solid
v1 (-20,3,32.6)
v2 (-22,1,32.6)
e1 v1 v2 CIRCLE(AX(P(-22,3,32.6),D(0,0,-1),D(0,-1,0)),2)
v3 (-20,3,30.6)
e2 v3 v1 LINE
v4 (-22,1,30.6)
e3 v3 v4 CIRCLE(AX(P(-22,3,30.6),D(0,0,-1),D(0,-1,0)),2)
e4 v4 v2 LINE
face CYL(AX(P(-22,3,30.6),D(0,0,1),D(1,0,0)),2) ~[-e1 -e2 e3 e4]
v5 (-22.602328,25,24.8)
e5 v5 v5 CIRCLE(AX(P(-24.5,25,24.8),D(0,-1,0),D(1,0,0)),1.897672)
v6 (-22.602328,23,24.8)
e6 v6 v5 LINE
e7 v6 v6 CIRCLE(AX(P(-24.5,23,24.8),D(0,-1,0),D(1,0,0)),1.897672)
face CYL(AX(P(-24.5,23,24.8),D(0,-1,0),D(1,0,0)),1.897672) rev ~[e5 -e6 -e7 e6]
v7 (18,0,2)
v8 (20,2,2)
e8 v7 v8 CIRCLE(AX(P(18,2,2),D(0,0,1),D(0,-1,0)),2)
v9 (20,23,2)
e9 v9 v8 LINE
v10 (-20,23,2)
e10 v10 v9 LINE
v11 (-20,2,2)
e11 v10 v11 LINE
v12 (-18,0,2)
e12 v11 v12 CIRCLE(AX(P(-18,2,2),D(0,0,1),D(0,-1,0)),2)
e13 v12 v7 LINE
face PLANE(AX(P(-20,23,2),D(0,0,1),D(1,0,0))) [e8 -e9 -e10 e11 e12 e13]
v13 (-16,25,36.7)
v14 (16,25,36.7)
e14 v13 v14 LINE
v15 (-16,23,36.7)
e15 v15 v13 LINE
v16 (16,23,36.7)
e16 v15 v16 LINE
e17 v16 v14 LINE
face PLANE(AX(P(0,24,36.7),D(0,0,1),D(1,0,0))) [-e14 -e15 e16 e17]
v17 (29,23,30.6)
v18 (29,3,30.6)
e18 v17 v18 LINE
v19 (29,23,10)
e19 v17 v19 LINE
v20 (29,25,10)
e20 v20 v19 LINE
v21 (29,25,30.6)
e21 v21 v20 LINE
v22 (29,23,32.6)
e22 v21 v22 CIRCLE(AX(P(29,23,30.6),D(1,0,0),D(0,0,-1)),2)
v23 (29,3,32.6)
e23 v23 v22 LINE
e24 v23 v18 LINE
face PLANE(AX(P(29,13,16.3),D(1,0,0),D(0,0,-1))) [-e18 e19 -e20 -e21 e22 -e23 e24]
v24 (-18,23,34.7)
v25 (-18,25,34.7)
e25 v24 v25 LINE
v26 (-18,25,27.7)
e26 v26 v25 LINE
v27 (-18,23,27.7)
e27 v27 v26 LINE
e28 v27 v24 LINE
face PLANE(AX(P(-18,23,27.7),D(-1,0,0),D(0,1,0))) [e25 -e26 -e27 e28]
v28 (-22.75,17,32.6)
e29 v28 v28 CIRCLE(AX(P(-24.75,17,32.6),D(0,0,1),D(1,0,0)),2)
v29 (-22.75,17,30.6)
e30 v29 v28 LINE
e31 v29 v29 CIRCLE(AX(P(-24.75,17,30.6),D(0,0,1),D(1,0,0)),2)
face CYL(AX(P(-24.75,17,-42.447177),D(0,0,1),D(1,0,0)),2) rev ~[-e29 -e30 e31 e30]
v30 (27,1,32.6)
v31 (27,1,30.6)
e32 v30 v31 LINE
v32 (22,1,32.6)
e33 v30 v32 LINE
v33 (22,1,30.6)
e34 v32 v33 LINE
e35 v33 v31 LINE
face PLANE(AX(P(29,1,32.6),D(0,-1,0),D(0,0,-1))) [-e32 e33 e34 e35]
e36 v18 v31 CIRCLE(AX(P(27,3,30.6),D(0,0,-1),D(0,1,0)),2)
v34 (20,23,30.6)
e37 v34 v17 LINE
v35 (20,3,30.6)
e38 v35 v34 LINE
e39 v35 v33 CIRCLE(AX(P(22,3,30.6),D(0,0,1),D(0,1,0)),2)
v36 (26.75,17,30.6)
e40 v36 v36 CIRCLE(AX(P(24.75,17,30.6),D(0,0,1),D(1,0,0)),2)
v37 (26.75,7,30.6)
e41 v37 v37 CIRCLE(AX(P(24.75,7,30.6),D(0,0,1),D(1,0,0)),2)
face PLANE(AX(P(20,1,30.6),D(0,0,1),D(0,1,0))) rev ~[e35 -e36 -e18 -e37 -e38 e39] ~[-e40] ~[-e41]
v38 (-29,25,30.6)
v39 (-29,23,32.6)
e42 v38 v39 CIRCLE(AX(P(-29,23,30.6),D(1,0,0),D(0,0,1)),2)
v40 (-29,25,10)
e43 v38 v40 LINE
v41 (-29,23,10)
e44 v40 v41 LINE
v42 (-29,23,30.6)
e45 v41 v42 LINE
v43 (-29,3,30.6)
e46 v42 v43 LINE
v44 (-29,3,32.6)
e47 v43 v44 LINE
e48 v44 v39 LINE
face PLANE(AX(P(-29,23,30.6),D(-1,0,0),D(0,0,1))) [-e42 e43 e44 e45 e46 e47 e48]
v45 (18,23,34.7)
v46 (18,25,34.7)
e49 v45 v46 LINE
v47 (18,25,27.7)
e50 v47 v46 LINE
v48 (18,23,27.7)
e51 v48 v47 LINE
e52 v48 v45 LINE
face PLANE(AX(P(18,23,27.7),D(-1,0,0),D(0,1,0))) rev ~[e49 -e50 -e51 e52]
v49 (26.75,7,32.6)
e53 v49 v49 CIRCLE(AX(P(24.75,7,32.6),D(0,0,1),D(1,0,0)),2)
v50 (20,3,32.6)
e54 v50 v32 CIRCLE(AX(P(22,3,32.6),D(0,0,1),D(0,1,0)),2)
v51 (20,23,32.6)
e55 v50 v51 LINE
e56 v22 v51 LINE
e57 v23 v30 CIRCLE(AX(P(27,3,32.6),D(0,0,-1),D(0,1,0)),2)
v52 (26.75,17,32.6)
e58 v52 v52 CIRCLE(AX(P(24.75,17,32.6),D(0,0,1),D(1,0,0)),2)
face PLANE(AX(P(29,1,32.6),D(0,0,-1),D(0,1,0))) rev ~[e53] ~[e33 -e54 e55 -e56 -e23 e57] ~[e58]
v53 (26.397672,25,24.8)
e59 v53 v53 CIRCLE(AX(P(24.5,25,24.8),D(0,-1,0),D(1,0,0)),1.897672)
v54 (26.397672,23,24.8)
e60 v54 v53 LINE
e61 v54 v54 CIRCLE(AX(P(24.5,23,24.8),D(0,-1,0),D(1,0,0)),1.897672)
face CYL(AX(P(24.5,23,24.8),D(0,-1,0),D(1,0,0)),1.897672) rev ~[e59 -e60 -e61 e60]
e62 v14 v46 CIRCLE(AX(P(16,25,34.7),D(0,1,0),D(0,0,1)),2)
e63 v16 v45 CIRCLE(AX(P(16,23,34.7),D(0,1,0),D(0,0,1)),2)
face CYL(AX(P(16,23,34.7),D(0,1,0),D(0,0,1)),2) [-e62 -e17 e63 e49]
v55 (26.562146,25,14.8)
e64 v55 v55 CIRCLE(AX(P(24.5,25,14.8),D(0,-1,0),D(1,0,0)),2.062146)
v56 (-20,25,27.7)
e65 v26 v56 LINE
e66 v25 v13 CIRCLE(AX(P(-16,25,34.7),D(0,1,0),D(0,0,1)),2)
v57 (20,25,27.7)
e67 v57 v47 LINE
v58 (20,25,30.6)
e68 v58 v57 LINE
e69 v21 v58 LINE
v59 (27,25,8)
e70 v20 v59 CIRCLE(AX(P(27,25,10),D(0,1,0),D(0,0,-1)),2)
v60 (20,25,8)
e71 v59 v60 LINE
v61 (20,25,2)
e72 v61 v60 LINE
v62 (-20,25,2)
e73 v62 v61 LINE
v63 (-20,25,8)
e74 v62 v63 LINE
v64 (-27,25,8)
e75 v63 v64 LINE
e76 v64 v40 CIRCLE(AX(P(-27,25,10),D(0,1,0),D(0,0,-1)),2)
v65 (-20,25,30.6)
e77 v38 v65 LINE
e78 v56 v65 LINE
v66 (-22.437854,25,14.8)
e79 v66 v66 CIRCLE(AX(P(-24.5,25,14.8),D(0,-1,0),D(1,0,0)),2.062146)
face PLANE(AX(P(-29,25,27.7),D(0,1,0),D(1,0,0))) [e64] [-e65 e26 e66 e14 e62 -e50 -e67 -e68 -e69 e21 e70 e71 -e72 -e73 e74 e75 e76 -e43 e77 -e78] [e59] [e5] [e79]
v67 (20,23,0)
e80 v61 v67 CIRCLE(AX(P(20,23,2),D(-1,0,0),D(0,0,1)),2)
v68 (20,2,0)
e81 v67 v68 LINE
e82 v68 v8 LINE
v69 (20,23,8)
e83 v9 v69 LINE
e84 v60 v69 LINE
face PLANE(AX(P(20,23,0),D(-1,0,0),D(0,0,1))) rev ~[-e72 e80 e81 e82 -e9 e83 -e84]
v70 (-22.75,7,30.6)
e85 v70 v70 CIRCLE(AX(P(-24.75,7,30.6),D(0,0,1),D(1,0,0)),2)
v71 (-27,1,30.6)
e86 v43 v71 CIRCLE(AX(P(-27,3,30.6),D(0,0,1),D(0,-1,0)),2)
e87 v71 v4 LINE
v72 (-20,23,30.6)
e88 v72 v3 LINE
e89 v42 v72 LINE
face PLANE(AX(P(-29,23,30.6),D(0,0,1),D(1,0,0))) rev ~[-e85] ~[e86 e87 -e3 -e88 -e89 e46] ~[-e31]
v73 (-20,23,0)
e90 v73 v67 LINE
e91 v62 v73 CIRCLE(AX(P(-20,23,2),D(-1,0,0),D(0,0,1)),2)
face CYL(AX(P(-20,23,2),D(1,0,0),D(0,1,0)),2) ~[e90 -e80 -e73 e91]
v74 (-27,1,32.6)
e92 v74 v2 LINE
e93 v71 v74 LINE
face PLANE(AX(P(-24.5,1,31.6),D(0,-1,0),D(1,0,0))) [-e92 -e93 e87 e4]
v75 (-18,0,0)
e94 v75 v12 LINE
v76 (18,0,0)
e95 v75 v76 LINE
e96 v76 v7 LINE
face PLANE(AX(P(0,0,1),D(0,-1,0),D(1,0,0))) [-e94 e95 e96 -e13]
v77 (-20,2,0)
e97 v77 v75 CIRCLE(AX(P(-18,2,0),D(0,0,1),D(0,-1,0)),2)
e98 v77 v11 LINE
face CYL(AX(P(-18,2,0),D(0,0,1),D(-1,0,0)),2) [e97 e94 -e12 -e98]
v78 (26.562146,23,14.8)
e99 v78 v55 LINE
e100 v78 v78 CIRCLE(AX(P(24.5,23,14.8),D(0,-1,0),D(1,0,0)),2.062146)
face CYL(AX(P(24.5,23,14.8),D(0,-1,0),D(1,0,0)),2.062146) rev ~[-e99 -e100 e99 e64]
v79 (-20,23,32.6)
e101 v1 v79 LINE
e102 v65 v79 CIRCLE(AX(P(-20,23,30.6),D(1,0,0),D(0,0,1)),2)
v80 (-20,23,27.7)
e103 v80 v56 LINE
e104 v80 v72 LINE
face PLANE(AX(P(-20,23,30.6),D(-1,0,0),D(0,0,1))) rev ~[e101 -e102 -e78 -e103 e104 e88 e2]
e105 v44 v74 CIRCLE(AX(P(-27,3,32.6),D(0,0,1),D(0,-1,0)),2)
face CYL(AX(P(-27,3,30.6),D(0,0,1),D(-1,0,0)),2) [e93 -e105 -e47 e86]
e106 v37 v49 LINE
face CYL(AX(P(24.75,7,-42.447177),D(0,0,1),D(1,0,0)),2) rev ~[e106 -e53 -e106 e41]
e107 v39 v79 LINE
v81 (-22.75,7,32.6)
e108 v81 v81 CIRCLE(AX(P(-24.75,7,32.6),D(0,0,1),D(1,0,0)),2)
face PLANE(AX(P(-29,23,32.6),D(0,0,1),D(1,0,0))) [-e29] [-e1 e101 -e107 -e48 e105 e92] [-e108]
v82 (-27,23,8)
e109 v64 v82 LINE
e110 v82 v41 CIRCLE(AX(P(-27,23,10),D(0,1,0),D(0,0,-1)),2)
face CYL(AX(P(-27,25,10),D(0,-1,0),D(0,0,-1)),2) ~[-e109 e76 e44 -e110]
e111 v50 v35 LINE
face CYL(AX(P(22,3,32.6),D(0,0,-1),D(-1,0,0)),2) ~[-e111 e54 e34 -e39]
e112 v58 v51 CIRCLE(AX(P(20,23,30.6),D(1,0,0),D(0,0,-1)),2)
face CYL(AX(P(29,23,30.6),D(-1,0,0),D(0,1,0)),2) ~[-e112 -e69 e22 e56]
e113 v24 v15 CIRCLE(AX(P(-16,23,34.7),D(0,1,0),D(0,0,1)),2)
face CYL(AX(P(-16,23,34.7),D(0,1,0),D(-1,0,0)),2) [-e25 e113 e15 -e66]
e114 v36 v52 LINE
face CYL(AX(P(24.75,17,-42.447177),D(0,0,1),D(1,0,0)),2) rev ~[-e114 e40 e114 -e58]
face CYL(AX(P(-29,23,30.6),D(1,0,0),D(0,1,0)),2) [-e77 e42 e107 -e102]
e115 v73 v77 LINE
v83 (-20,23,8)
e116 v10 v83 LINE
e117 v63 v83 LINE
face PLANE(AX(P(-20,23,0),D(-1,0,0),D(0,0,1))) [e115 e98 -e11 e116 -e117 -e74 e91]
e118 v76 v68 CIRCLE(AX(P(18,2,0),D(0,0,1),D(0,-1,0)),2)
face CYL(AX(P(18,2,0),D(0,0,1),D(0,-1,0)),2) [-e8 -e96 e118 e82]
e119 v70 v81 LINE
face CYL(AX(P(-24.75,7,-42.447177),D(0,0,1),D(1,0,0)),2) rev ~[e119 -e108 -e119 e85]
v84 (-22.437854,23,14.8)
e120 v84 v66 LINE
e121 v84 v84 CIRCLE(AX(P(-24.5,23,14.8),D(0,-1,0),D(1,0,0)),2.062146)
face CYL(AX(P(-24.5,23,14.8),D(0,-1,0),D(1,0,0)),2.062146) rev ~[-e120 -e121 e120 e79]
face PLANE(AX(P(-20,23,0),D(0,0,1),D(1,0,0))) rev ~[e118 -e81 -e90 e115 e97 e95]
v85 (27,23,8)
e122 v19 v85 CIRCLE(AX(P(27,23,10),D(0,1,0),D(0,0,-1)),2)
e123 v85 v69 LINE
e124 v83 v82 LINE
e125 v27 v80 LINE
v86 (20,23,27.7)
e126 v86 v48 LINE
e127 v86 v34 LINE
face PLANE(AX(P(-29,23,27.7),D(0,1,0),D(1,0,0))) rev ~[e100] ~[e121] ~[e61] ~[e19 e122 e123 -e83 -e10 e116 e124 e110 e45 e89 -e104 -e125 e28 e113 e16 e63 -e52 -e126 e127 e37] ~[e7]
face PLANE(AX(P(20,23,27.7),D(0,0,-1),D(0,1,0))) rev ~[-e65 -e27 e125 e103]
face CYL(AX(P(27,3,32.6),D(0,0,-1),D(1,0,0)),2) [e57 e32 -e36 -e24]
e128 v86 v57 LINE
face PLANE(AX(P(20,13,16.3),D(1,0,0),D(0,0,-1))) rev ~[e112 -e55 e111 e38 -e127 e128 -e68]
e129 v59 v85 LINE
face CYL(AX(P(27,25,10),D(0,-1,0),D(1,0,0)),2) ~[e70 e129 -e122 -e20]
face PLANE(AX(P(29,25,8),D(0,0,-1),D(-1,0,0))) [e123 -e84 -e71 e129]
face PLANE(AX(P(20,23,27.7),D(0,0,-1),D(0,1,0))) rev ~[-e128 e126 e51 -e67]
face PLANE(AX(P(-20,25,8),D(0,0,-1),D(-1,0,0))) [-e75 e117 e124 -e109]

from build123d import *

# Parameters (mm, degrees)
SKETCH_1_W            = 32.6
SKETCH_1_H            = 23.999999657
EXTRUDE_1_DEPTH       = 8.999999702
SKETCH_2_W            = 30.6
SKETCH_2_H            = 22
CUT_EXTRUDE_1_DEPTH   = 9.999999702
SKETCH_3_W            = 27.7
SKETCH_3_H            = 1.999999657
EXTRUDE_2_DEPTH       = 49.000000298
SKETCH_4_W            = 8.999999702
SKETCH_4_H            = 1.999999657
EXTRUDE_3_DEPTH       = 4.9
SKETCH_5_W            = 8.999999702
SKETCH_5_H            = 2
EXTRUDE_4_DEPTH       = 22
SKETCH_6_W            = 9
SKETCH_6_H            = 8
CUT_EXTRUDE_2_DEPTH   = 24.999999657
SKETCH_7_W            = 9
SKETCH_7_H            = 8
CUT_EXTRUDE_3_DEPTH   = 24.999999657
SKETCH_8_W            = 40
SKETCH_8_H            = 2
EXTRUDE_5_DEPTH       = 23.000000343
SKETCH_9_W            = 36.000000596
SKETCH_9_H            = 1.999999657
EXTRUDE_6_DEPTH       = 9
HOLE_WIZARD_4_0_4_1_D = 4
FILLET_1_R            = 2
SKETCH_12_R           = 1.897672249
SKETCH_12_R_2         = 2.0621459
CUT_EXTRUDE_4_DEPTH   = 2.999999657


with BuildPart() as part:
    # 草图1 → 凸台-拉伸1 (new body)
    with BuildSketch(Plane(origin=(29, 0, 0), x_dir=(0, 0, -1), z_dir=(1, 0, 0))):
        with Locations((-16.3, 13.000000171)):
            Rectangle(SKETCH_1_W, SKETCH_1_H)
    extrude(amount=-EXTRUDE_1_DEPTH)

    # 草图2 → 切除-拉伸1 (cut, through all)
    with BuildSketch(Plane.ZY.offset(-20.000000298)):
        with Locations((15.3, 12.000000343)):
            Rectangle(SKETCH_2_W, SKETCH_2_H)
    extrude(amount=-CUT_EXTRUDE_1_DEPTH, mode=Mode.SUBTRACT)

    # 草图3 → 凸台-拉伸2 (add)
    with BuildSketch(Plane.ZY.offset(-20.000000298)):
        with Locations((13.85, 24.000000171)):
            Rectangle(SKETCH_3_W, SKETCH_3_H)
    extrude(amount=EXTRUDE_2_DEPTH)

    # 草图4 → 凸台-拉伸3 (add)
    with BuildSketch(Plane.XY.offset(27.7)):
        with Locations((-24.500000149, 24.000000171)):
            Rectangle(SKETCH_4_W, SKETCH_4_H)
    extrude(amount=EXTRUDE_3_DEPTH)

    # 草图5 → 凸台-拉伸4 (add)
    with BuildSketch(Plane.XZ.offset(-23.000000343)):
        with Locations((-24.500000149, 31.6)):
            Rectangle(SKETCH_5_W, SKETCH_5_H)
    extrude(amount=EXTRUDE_4_DEPTH)

    # 草图6 → 切除-拉伸2 (cut, through all)
    with BuildSketch(Plane(origin=(0, 25, 0), x_dir=(-1, 0, 0), z_dir=(0, 1, 0))):
        with Locations((24.5, 4)):
            Rectangle(SKETCH_6_W, SKETCH_6_H)
    extrude(amount=-CUT_EXTRUDE_2_DEPTH, mode=Mode.SUBTRACT)

    # 草图7 → 切除-拉伸3 (cut, through all)
    with BuildSketch(Plane(origin=(0, 25, 0), x_dir=(-1, 0, 0), z_dir=(0, 1, 0))):
        with Locations((-24.5, 4)):
            Rectangle(SKETCH_7_W, SKETCH_7_H)
    extrude(amount=-CUT_EXTRUDE_3_DEPTH, mode=Mode.SUBTRACT)

    # 草图8 → 凸台-拉伸5 (add)
    with BuildSketch(Plane.XZ.offset(-23.000000343)):
        with Locations((0, 1)):
            Rectangle(SKETCH_8_W, SKETCH_8_H)
    extrude(amount=EXTRUDE_5_DEPTH)

    # 草图9 → 凸台-拉伸6 (add)
    with BuildSketch(Plane.XY.offset(27.7)):
        with Locations((0, 24.000000171)):
            Rectangle(SKETCH_9_W, SKETCH_9_H)
    extrude(amount=EXTRUDE_6_DEPTH)

    # Ø4.0 (4) 直径孔1 (through all)
    with Locations(Plane(origin=(0, 0, 30.6), x_dir=(-1, 0, 0), z_dir=(0, 0, -1))):
        with Locations((-24.75, 17.000000343), (-24.75, 7.000000343), (24.75, 17.000000343), (24.75, 7.000000343)):
            Hole(HOLE_WIZARD_4_0_4_1_D / 2)

    # 圆角1
    fillet_1_edges = [part.edges().sort_by_distance(p)[0] for p in [
        (-20, 0, 1),
        (20, 0, 1),
        (-18.000000298, 24.000000171, 36.7),
        (18.000000298, 24.000000171, 36.7),
        (-24.500000149, 25, 32.6),
        (-20.000000298, 1.000000343, 31.6),
        (-29, 1.000000343, 31.6),
        (29, 1.000000343, 31.6),
        (-29, 24.000000171, 8),
        (0, 25, 0),
        (24.500000149, 25, 32.6),
        (20.000000298, 1.000000343, 31.6),
        (29, 24.000000171, 8),
    ]]
    fillet(fillet_1_edges, radius=FILLET_1_R)

    # 草图12 → 切除-拉伸4 (cut, through all)
    with BuildSketch(Plane.XZ.offset(-23.000000343)):
        with Locations((-24.500000149, 24.8)):
            Circle(SKETCH_12_R)
        with Locations((-24.500000149, 14.8)):
            Circle(SKETCH_12_R_2)
        with Locations((24.500000149, 14.8)):
            Circle(SKETCH_12_R_2)
        with Locations((24.500000149, 24.8)):
            Circle(SKETCH_12_R)
    extrude(amount=-CUT_EXTRUDE_4_DEPTH, mode=Mode.SUBTRACT)


solid = part.part
